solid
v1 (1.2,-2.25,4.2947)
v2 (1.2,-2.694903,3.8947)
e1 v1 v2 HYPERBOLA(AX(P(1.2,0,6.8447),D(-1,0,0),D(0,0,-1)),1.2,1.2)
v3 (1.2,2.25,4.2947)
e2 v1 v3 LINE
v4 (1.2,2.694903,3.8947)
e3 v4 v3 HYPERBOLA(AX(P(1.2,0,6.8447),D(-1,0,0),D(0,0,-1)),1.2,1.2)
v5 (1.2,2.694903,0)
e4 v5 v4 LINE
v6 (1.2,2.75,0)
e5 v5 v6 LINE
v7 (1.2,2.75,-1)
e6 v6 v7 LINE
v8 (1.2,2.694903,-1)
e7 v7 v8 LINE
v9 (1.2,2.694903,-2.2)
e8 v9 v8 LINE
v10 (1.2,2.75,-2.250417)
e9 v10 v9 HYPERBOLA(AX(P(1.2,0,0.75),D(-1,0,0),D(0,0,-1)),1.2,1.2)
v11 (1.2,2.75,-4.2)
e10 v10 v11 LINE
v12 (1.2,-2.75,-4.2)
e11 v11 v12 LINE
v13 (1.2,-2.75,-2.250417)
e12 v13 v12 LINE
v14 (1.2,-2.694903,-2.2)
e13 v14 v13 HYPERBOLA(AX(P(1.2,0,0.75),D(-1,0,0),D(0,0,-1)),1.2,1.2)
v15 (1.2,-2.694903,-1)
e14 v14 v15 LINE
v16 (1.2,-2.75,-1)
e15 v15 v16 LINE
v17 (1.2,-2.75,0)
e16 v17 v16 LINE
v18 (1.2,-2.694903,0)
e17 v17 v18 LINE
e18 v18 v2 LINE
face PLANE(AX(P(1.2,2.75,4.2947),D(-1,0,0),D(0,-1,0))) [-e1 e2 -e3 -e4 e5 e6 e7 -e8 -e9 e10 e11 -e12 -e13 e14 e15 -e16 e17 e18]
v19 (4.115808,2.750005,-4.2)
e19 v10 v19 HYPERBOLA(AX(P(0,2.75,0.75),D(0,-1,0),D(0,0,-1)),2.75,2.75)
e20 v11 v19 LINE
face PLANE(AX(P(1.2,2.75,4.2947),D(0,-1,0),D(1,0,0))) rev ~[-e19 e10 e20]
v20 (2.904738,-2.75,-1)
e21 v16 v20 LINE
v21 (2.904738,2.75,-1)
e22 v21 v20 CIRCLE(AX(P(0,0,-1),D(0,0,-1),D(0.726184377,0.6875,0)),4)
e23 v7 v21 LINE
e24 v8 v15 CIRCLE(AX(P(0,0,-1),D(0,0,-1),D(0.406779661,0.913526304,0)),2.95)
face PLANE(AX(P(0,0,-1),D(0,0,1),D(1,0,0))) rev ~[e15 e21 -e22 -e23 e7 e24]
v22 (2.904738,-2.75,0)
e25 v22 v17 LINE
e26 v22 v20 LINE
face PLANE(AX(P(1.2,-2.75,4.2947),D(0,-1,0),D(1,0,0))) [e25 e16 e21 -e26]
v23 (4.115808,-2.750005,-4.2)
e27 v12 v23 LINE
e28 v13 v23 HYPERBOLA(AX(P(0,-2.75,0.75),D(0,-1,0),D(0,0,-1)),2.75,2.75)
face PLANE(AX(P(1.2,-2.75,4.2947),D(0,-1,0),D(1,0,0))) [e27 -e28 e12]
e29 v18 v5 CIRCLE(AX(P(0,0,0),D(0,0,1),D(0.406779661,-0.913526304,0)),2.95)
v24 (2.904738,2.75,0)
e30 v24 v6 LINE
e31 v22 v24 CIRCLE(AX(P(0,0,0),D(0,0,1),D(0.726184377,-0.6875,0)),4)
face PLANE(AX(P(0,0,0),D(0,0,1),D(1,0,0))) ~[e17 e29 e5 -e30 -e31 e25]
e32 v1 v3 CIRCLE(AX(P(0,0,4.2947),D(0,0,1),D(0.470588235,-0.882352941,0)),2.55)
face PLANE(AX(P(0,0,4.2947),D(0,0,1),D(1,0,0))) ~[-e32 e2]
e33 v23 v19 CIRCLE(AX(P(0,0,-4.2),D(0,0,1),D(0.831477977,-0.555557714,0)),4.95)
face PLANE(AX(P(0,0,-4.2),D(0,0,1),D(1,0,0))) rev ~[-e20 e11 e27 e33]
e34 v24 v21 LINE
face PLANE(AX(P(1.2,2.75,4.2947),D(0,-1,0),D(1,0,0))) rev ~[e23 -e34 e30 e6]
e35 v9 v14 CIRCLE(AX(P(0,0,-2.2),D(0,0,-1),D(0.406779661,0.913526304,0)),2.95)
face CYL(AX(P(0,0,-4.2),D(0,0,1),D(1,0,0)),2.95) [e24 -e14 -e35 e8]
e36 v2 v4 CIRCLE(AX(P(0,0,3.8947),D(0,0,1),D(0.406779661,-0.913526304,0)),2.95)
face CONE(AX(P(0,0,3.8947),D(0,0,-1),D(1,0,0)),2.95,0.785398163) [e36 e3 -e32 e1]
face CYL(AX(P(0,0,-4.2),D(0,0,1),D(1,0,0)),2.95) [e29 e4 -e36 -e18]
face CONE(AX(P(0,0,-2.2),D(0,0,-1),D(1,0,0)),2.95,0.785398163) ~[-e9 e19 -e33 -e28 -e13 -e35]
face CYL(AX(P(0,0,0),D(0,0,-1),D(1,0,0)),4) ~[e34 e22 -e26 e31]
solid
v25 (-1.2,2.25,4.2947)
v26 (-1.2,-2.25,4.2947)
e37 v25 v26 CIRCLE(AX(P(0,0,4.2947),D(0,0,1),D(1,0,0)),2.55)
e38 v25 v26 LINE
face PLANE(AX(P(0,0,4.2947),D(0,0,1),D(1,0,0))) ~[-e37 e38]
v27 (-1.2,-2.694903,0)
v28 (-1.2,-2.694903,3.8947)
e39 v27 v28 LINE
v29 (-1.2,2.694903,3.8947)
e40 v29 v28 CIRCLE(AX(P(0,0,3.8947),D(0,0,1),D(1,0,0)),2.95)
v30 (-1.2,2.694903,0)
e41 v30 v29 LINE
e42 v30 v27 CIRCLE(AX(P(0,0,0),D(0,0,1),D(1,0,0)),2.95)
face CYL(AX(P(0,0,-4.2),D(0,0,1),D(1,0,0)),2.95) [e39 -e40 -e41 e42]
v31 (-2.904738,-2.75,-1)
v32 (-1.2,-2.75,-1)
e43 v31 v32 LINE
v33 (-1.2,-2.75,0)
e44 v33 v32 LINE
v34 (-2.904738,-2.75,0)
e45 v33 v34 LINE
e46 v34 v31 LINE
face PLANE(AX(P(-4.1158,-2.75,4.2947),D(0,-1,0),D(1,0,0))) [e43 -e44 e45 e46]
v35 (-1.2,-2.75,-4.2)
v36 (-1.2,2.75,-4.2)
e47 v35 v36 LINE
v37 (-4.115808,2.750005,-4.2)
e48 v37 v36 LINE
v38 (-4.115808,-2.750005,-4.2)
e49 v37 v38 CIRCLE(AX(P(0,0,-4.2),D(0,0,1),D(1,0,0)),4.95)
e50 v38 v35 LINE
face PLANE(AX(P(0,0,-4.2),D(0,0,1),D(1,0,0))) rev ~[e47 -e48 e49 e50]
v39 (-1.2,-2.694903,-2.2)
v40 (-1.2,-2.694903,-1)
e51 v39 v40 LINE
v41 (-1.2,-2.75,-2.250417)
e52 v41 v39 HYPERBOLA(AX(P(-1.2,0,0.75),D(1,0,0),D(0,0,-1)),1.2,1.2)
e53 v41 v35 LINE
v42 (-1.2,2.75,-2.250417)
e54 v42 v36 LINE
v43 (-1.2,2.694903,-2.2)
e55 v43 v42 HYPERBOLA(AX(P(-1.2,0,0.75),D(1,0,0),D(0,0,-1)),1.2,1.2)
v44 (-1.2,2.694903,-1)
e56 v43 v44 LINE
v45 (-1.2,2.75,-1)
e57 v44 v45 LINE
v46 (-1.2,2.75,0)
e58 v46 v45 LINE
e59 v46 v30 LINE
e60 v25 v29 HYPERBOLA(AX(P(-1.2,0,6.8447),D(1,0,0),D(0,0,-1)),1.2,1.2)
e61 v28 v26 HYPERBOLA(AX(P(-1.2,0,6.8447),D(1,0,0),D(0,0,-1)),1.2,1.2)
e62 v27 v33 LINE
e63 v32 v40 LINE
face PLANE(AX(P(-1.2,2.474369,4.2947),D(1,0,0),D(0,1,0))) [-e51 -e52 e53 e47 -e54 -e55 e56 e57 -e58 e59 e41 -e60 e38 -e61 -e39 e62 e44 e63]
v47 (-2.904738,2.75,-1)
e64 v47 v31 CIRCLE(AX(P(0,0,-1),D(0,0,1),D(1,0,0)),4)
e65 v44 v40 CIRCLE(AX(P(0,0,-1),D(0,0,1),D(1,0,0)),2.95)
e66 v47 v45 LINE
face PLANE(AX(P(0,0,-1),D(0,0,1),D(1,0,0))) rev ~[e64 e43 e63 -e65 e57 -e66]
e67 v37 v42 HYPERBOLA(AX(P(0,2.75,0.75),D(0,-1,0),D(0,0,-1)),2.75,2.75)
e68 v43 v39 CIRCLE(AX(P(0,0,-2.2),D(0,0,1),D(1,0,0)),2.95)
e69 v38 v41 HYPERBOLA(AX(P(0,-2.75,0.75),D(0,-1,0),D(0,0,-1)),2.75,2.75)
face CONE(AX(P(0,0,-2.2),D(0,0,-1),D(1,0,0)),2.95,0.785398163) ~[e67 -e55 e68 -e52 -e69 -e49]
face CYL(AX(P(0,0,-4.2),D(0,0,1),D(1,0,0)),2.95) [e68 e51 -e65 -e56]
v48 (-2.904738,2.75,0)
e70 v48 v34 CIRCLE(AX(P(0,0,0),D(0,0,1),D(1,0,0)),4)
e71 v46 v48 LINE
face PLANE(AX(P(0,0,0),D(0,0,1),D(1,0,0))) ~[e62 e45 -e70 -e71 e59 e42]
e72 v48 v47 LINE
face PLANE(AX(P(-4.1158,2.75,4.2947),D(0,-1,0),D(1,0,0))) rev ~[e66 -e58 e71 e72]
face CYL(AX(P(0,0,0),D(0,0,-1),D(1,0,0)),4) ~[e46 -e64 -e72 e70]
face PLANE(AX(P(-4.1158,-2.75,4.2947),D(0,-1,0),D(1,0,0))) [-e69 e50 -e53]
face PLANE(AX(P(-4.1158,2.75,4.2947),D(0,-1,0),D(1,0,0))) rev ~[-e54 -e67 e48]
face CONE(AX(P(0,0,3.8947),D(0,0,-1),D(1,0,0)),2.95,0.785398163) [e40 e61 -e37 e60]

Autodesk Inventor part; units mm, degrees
ref_plane "YZ Plane" through (0, 0, 0) normal (1, 0, 0) x (0, 1, 0)
ref_plane "XZ Plane" through (0, 0, 0) normal (0, 1, 0) x (-1, 0, 0)
ref_plane "XY Plane" through (0, 0, 0) normal (0, 0, 1) x (1, 0, 0)
sketch "Эскиз1" plane through (0, 0, 0) normal (0, 1, 0) x (-1, 0, 0)
  line L0 (-19.5644, -4.2) -> (17.0679, -4.2) projected
  line L1 (-19.5644, -1.2) -> (17.0679, -1.2) projected
  line L2 (-4.6407, 3.8947) -> (-2.8372, 3.8947) projected
  line L3 (2.3395, 3.8947) -> (4.1648, 3.8947) projected
  line L4 (-7.157, -1) -> (5.9403, -1) projected
  line L5 (8.7851, 3.8947) -> (-8.7851, 3.8947)
  line L6 (4, 0) -> (-4, 0) projected
  line L7 (2.95, 0) -> (-2.95, 0)
  line L8 (2.95, -4.2) -> (2.95, 3.8947)
  line L9 (-2.95, -4.2) -> (-2.95, 3.8947)
  line L10 (2.95, -1.2) -> (4, -1.2)
  line L11 (4, 0) -> (4, -1.2)
  line L12 (-4, 0) -> (-4, -1.2)
  line L13 (-2.95, 3.8947) -> (-2.55, 4.2947)
  line L14 (-2.95, 3.8947) -> (-2.3843, 3.8947) construction
  line L15 (0, 4.2947) -> (-2.55, 4.2947)
  line L16 (0, 4.2947) -> (0, 3.8947)
  line L17 (0, 0) -> (0, 3.8947)
  line L18 (0, 4.2947) -> (-1.2, 4.2947)
  line L19 (-1.2, 4.2947) -> (-1.2, -4.2)
  line L20 (-2.95, -1.2) -> (-2.95, -4.2)
  line L21 (-2.95, -2.2) -> (-4.95, -4.2)
  line L22 (-2.95, -4.2) -> (-4.95, -4.2)
  point P0 (-4, -1)
  point P1 (-2.95, -1)
  dimension "d0" = 5.9
  dimension "d1" = 45
  dimension "d2" = 0.4
  dimension "d3" = 1.2
  dimension "d5" = 45
  dimension "d6" = 2
revolve "Вращение1" add sketch "Эскиз1" angle 360 about axis through (0, 0, 0) along (0, 0, 1) contours L21 L9 L0 | L9 L1 L19 L0 | L9 L4 L19 L1 | L9 L6 L19 L4 | L4 L12 L6 L9 | L9 L2 L5 L19 L6 | L13 L15 L19 L5 L2
sketch "Эскиз3" plane through (0, 0, 4.2947) normal (0, 0, 1) x (1, 0, 0)
  line L0 (-1.2, 4.95) -> (1.2, 4.95)
  line L1 (1.2, 4.95) -> (1.2, -4.95)
  line L2 (1.2, -4.95) -> (-1.2, -4.95)
  line L3 (-1.2, -4.95) -> (-1.2, 4.95)
  circle A0 centre (0, 0) radius 4.95 projected
  circle A1 centre (0, 0) radius 1.2 projected
  circle A2 centre (0, 0) radius 2.75
  line L4 (-4.1158, 2.75) -> (4.1158, 2.75)
  line L5 (-4.1158, -2.75) -> (4.1158, -2.75)
  point P0 (0, 0)
  point P1 (1.2, -2.75)
  point P2 (1.2, -4.8023)
  point P3 (-1.2, -2.75)
  point P4 (-1.2, -4.8023)
  point P5 (1.2, 2.75)
  point P6 (1.2, 4.8023)
  point P7 (-1.2, 2.75)
  point P8 (-1.2, 4.8023)
  dimension "d16" = 5.5
extrude "Выдавливание3" cut sketch "Эскиз3" against normal blind 12 contours L0 A0 L3 | L0 L1 A0 | A0 L1 L4 L3 | L3 L4 A0 | A0 L4 L1 | L4 A2 L3 | L1 A2 L4 | A2 L1 A1 L3 | L5 L3 A0 | A1 L1 A2 L3 | A1 | A2 L5 L3 | A0 L2 L3 | L3 L5 L1 A0 | A0 L1 L5 | A2 L1 L5 | A0 L1 L2
properties part number "middle_gear_vtulka"
